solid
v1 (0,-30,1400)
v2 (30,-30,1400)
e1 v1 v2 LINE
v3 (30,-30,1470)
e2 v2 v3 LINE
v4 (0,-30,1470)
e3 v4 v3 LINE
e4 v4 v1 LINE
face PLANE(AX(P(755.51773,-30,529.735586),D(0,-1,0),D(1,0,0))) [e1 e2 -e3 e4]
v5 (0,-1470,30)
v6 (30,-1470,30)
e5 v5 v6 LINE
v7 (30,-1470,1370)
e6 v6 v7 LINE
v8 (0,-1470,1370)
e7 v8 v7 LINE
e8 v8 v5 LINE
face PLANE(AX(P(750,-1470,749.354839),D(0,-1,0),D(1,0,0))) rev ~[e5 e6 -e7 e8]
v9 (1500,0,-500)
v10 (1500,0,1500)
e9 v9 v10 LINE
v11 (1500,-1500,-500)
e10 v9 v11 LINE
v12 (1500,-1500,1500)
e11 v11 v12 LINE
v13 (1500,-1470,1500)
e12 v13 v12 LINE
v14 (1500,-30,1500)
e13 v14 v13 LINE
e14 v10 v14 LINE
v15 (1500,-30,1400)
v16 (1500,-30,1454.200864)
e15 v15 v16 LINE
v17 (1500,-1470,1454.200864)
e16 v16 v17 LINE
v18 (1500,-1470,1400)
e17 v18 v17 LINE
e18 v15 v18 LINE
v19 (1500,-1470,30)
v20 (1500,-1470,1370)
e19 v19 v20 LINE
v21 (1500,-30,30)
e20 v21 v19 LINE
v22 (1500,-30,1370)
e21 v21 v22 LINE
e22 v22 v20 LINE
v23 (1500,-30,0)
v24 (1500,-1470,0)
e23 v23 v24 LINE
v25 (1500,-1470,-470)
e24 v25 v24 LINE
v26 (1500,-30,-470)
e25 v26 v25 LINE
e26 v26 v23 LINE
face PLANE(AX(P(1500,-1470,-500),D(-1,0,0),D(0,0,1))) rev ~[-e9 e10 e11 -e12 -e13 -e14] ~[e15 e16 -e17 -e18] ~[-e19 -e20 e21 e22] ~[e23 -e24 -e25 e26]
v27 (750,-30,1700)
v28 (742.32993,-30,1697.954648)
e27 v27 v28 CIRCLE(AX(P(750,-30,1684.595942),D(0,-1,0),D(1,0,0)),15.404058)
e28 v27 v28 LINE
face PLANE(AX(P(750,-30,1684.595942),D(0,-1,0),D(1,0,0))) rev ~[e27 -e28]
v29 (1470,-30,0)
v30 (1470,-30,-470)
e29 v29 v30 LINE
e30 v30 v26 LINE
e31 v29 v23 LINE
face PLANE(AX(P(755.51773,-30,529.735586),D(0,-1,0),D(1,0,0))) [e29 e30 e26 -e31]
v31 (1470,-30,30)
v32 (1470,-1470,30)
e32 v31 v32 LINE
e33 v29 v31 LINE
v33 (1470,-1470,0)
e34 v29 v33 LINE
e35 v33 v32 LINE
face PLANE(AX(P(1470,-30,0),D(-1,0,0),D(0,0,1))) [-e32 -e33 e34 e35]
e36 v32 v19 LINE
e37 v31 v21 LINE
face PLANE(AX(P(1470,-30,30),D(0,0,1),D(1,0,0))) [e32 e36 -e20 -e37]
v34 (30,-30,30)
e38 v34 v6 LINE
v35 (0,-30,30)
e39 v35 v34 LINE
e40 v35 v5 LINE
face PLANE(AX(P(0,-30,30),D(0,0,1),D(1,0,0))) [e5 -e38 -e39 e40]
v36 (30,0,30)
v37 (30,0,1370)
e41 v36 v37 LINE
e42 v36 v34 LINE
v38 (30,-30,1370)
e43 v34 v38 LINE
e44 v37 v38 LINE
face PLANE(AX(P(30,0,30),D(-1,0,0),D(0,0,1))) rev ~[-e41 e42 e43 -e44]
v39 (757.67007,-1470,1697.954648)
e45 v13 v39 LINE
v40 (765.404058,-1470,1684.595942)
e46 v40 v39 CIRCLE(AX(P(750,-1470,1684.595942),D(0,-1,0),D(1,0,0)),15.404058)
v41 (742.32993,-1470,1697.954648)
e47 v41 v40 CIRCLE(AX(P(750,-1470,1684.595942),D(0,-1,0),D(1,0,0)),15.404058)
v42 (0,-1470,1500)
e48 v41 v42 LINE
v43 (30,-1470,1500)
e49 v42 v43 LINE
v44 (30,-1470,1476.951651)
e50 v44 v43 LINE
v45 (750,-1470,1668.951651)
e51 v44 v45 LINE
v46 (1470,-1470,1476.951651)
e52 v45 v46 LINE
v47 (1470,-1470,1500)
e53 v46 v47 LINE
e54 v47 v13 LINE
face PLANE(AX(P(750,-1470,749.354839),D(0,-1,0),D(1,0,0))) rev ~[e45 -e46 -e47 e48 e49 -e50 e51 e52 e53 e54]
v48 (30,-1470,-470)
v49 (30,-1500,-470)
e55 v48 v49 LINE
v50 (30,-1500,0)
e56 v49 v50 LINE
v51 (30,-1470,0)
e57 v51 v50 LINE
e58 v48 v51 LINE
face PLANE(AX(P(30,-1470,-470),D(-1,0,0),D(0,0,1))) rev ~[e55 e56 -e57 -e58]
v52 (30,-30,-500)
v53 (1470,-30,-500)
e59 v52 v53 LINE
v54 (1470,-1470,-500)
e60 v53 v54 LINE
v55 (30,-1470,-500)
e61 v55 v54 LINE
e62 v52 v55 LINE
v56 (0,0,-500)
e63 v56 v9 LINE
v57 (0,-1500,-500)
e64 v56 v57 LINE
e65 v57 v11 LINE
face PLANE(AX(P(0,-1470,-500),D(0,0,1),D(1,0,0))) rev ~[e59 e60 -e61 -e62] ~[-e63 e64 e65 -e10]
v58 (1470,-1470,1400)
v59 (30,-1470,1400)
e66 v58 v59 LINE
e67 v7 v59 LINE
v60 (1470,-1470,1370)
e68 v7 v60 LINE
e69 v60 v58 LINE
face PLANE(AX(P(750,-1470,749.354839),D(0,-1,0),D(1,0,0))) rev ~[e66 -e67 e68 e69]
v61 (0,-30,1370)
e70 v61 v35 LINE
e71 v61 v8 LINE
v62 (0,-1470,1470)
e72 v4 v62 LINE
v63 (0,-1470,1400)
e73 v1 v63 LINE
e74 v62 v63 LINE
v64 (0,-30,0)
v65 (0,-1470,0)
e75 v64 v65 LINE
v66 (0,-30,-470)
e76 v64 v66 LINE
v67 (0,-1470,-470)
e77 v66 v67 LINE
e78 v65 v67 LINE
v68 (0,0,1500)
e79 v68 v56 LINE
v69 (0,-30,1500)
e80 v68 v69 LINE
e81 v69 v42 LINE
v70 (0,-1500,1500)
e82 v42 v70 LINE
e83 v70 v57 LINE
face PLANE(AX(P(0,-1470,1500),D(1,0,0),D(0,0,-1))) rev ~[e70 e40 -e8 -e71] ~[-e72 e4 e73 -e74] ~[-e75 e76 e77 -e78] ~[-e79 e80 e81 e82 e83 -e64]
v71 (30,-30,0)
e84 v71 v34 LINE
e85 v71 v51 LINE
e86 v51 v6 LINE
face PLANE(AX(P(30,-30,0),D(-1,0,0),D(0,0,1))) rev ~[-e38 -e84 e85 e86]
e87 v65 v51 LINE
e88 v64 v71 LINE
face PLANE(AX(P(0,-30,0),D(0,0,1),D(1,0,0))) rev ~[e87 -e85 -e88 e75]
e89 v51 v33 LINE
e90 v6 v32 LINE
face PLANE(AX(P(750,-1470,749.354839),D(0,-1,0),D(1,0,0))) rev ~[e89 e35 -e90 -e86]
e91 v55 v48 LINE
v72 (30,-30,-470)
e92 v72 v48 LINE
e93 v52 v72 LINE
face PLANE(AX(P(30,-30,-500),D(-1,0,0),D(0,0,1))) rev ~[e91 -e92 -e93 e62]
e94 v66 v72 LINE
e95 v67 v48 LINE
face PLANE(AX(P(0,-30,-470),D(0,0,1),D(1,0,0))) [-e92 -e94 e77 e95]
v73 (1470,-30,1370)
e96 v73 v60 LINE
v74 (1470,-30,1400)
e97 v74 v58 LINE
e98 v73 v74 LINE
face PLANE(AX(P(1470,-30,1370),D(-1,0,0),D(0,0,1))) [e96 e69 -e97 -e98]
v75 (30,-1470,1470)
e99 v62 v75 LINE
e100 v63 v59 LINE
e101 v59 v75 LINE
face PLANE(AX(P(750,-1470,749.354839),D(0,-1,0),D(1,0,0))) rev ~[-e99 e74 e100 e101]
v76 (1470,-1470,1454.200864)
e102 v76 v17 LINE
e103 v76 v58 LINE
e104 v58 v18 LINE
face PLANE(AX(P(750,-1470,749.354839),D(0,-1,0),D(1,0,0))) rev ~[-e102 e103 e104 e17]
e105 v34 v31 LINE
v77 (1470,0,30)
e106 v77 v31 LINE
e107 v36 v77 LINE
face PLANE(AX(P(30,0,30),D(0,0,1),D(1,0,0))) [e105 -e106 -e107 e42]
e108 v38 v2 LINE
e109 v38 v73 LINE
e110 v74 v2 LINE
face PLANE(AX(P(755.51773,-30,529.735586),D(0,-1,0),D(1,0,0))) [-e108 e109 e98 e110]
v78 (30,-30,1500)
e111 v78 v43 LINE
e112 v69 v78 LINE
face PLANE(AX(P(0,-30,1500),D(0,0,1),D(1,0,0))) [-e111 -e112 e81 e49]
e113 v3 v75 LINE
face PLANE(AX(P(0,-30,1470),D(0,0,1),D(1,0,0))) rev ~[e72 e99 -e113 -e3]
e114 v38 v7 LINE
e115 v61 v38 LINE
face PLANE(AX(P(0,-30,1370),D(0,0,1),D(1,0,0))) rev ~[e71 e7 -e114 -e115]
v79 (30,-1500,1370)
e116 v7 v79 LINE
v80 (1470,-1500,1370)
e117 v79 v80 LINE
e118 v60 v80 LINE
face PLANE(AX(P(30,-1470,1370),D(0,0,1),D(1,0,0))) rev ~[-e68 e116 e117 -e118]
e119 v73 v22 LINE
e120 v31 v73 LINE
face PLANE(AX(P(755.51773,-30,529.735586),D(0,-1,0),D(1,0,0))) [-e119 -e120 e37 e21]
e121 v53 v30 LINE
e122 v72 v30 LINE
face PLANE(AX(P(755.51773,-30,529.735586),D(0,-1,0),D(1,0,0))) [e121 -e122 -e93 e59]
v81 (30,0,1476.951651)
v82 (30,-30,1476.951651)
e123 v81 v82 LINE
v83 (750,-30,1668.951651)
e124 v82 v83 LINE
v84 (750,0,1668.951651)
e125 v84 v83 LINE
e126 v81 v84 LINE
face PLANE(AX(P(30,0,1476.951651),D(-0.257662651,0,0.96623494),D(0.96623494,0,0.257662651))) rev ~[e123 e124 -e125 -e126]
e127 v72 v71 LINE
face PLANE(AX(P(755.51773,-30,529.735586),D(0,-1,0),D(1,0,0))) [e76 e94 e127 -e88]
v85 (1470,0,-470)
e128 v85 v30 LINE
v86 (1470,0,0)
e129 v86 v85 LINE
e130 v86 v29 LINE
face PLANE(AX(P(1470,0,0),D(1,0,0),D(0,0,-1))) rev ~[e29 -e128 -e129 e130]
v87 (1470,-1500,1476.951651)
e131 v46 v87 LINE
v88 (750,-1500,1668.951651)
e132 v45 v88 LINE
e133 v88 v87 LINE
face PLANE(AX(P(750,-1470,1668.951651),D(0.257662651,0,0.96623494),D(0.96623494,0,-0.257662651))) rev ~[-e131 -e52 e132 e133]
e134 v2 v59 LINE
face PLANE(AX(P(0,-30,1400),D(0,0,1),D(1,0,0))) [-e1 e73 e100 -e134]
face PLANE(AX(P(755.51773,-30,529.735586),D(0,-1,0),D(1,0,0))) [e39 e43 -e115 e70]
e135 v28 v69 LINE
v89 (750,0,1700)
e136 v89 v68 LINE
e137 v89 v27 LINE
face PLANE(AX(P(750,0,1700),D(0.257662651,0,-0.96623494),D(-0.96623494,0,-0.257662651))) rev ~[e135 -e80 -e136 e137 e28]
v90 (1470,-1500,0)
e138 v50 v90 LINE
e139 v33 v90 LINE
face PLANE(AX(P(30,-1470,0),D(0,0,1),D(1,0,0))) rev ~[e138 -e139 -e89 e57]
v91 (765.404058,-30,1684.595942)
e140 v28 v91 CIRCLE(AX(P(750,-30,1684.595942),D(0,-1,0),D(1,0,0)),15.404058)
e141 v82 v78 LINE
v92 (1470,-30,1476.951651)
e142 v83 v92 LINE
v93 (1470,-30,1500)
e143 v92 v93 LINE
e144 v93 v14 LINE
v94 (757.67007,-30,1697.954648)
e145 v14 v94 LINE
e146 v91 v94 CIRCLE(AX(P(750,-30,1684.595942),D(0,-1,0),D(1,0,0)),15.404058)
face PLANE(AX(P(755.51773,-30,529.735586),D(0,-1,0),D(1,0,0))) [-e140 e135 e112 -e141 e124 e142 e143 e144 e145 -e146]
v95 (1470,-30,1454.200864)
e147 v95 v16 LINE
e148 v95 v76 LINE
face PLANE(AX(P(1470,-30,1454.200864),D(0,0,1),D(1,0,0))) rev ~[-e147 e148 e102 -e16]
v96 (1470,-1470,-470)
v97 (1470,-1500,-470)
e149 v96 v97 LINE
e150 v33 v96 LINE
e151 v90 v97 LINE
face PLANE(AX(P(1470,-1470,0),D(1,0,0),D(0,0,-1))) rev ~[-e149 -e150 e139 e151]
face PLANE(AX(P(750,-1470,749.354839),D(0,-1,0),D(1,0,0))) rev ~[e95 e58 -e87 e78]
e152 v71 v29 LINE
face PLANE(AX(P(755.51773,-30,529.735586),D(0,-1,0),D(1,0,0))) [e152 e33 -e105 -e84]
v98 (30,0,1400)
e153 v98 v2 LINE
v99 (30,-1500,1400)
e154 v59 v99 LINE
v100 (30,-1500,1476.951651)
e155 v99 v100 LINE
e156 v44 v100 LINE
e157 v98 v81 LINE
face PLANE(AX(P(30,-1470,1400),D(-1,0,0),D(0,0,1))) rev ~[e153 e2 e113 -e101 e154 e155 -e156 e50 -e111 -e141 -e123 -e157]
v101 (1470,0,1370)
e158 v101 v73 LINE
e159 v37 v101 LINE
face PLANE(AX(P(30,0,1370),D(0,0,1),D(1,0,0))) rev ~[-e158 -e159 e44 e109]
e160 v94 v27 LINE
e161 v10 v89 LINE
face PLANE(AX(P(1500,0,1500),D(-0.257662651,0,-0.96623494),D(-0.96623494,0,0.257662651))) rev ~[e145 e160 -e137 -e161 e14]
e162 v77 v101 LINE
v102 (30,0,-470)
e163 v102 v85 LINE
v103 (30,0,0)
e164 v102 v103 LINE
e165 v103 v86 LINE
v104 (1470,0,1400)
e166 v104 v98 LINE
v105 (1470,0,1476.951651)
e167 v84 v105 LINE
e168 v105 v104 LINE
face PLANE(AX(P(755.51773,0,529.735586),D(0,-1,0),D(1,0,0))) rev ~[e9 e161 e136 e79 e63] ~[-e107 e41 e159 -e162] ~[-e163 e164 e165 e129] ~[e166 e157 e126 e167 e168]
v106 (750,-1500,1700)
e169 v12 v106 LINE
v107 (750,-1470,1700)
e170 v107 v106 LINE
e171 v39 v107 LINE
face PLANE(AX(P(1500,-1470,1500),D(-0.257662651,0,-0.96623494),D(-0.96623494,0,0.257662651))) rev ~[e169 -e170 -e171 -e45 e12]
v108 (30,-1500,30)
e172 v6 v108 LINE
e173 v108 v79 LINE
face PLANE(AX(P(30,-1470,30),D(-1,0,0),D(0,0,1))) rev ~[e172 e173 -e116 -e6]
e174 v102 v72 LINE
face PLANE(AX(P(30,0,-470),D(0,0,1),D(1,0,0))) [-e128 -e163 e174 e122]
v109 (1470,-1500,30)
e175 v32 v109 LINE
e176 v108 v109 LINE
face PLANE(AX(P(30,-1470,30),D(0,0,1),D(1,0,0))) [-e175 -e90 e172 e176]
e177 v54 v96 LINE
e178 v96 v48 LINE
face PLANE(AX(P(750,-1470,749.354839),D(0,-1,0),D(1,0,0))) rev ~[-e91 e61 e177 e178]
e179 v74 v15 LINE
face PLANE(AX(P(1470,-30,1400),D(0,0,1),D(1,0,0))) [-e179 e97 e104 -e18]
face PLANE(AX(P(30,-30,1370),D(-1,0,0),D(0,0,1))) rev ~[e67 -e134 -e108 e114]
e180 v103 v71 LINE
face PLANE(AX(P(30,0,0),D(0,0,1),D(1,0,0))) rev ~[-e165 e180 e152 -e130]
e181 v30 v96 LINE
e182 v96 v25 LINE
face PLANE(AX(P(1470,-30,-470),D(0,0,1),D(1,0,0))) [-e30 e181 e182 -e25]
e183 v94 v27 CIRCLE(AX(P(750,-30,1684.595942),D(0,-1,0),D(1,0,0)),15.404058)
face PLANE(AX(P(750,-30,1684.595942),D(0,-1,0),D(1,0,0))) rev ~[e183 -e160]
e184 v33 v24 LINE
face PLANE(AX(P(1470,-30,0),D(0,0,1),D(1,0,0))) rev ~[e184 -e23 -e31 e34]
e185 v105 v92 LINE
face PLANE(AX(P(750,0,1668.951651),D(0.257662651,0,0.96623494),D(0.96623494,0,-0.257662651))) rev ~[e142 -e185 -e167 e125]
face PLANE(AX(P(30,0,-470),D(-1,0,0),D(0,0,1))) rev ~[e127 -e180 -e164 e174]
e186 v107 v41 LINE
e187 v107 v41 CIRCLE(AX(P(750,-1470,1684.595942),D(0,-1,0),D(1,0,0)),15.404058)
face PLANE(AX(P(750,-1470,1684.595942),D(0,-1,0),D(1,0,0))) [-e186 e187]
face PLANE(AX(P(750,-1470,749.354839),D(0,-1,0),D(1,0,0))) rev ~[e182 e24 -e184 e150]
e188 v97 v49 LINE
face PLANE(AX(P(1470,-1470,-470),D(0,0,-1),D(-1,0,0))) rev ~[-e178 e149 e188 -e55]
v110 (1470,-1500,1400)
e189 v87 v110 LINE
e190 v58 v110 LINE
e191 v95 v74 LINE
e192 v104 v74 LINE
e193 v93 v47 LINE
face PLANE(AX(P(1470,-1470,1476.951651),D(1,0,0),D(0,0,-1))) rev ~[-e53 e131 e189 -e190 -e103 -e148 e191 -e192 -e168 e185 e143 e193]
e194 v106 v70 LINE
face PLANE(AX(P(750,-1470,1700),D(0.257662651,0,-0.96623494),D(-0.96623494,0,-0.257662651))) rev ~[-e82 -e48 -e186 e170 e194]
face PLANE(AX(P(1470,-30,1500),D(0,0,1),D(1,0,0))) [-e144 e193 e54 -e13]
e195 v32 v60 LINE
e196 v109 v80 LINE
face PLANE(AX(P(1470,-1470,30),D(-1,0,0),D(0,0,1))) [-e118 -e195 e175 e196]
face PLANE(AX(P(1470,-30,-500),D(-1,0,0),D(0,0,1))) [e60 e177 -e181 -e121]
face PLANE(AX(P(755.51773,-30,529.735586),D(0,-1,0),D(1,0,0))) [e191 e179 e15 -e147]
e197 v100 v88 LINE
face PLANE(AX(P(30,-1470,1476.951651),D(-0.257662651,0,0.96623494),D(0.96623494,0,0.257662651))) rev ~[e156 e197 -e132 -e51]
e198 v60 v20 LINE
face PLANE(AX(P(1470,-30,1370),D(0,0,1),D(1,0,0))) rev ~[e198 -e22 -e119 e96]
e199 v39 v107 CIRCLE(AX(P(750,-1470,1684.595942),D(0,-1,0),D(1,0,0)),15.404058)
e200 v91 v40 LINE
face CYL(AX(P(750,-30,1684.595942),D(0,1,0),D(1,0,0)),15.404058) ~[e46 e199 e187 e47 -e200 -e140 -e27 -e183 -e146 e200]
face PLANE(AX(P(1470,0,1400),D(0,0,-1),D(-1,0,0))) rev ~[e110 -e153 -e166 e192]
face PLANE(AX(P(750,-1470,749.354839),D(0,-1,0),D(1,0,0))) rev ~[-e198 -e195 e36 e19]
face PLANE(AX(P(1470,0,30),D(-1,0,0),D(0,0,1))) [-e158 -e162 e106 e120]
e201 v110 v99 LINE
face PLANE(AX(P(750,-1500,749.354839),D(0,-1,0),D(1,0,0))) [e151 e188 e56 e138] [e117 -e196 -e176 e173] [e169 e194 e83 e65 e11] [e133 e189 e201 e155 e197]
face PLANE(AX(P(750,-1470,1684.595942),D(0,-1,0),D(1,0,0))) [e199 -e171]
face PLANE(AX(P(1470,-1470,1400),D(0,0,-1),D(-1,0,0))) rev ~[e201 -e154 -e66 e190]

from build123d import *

# Parameters (mm, degrees)
F0_W     = 1440
F0_H     = 1340
F0_H_2   = 30
F0_W_2   = 30
F1_DEPTH = 30
F2_W     = 30
F2_H     = 30
F2_H_2   = 45.799136
F2_R     = 15.404058
F3_DEPTH = 1440
F4_W     = 1440
F4_H     = 1340
F5_DEPTH = 30


with BuildPart() as f1:
    # F0 (on Front) → F1 (new body)
    with BuildSketch(Plane.XZ):
        Polygon((30, -470), (30, 0), (1470, 0), (1470, -470), (1470, -500), (1500, -500), (1500, 0), (1500, 1500), (750, 1700), (0, 1500), (0, 0), (0, -470), align=None)
        with Locations((750, 700)):
            Rectangle(F0_W, F0_H, mode=Mode.SUBTRACT)
        Polygon((30, 1476.951651), (750, 1668.951651), (1470, 1476.951651), (1470, 1400), (30, 1400), align=None, mode=Mode.SUBTRACT)
        with Locations((750, -485)):
            Rectangle(F0_W, F0_H_2)
        with Locations((15, -485)):
            Rectangle(F0_W_2, F0_H_2)
    extrude(amount=F1_DEPTH)

    # F2 (on face) → F3 (join)
    with BuildSketch(Plane.XZ.offset(30)):
        with Locations((15, 1485)):
            Rectangle(F2_W, F2_H)
        with Locations((1485, 1477.100432)):
            Rectangle(F2_W, F2_H_2)
        with Locations((15, 1385)):
            Rectangle(F2_W, F2_H)
        with Locations((1485, 1385)):
            Rectangle(F2_W, F2_H)
        with Locations((15, 15)):
            Rectangle(F2_W, F2_H)
        with Locations((15, -485)):
            Rectangle(F2_W, F2_H)
        with Locations((1485, 15)):
            Rectangle(F2_W, F2_H)
        with Locations((1485, -485)):
            Rectangle(F2_W, F2_H)
        with Locations((750, 1684.595942)):
            Circle(F2_R)
    extrude(amount=F3_DEPTH)

    # F4 (on face) → F5 (join)
    with BuildSketch(Plane.XZ.offset(1470)):
        Polygon((0, 1500), (0, 0), (30, 0), (1470, 0), (1500, 0), (1500, 1500), (1470, 1500), (1470, 1476.951651), (1470, 1400), (30, 1400), (30, 1476.951651), (30, 1500), align=None)
        with Locations((750, 700)):
            Rectangle(F4_W, F4_H, mode=Mode.SUBTRACT)
        Polygon((30, 0), (0, 0), (0, -500), (1500, -500), (1500, 0), (1470, 0), (1470, -470), (30, -470), align=None)
        Polygon((750, 1700), (0, 1500), (30, 1500), (30, 1476.951651), (750, 1668.951651), (1470, 1476.951651), (1470, 1500), (1500, 1500), align=None)
    extrude(amount=F5_DEPTH)


solid = f1.part
